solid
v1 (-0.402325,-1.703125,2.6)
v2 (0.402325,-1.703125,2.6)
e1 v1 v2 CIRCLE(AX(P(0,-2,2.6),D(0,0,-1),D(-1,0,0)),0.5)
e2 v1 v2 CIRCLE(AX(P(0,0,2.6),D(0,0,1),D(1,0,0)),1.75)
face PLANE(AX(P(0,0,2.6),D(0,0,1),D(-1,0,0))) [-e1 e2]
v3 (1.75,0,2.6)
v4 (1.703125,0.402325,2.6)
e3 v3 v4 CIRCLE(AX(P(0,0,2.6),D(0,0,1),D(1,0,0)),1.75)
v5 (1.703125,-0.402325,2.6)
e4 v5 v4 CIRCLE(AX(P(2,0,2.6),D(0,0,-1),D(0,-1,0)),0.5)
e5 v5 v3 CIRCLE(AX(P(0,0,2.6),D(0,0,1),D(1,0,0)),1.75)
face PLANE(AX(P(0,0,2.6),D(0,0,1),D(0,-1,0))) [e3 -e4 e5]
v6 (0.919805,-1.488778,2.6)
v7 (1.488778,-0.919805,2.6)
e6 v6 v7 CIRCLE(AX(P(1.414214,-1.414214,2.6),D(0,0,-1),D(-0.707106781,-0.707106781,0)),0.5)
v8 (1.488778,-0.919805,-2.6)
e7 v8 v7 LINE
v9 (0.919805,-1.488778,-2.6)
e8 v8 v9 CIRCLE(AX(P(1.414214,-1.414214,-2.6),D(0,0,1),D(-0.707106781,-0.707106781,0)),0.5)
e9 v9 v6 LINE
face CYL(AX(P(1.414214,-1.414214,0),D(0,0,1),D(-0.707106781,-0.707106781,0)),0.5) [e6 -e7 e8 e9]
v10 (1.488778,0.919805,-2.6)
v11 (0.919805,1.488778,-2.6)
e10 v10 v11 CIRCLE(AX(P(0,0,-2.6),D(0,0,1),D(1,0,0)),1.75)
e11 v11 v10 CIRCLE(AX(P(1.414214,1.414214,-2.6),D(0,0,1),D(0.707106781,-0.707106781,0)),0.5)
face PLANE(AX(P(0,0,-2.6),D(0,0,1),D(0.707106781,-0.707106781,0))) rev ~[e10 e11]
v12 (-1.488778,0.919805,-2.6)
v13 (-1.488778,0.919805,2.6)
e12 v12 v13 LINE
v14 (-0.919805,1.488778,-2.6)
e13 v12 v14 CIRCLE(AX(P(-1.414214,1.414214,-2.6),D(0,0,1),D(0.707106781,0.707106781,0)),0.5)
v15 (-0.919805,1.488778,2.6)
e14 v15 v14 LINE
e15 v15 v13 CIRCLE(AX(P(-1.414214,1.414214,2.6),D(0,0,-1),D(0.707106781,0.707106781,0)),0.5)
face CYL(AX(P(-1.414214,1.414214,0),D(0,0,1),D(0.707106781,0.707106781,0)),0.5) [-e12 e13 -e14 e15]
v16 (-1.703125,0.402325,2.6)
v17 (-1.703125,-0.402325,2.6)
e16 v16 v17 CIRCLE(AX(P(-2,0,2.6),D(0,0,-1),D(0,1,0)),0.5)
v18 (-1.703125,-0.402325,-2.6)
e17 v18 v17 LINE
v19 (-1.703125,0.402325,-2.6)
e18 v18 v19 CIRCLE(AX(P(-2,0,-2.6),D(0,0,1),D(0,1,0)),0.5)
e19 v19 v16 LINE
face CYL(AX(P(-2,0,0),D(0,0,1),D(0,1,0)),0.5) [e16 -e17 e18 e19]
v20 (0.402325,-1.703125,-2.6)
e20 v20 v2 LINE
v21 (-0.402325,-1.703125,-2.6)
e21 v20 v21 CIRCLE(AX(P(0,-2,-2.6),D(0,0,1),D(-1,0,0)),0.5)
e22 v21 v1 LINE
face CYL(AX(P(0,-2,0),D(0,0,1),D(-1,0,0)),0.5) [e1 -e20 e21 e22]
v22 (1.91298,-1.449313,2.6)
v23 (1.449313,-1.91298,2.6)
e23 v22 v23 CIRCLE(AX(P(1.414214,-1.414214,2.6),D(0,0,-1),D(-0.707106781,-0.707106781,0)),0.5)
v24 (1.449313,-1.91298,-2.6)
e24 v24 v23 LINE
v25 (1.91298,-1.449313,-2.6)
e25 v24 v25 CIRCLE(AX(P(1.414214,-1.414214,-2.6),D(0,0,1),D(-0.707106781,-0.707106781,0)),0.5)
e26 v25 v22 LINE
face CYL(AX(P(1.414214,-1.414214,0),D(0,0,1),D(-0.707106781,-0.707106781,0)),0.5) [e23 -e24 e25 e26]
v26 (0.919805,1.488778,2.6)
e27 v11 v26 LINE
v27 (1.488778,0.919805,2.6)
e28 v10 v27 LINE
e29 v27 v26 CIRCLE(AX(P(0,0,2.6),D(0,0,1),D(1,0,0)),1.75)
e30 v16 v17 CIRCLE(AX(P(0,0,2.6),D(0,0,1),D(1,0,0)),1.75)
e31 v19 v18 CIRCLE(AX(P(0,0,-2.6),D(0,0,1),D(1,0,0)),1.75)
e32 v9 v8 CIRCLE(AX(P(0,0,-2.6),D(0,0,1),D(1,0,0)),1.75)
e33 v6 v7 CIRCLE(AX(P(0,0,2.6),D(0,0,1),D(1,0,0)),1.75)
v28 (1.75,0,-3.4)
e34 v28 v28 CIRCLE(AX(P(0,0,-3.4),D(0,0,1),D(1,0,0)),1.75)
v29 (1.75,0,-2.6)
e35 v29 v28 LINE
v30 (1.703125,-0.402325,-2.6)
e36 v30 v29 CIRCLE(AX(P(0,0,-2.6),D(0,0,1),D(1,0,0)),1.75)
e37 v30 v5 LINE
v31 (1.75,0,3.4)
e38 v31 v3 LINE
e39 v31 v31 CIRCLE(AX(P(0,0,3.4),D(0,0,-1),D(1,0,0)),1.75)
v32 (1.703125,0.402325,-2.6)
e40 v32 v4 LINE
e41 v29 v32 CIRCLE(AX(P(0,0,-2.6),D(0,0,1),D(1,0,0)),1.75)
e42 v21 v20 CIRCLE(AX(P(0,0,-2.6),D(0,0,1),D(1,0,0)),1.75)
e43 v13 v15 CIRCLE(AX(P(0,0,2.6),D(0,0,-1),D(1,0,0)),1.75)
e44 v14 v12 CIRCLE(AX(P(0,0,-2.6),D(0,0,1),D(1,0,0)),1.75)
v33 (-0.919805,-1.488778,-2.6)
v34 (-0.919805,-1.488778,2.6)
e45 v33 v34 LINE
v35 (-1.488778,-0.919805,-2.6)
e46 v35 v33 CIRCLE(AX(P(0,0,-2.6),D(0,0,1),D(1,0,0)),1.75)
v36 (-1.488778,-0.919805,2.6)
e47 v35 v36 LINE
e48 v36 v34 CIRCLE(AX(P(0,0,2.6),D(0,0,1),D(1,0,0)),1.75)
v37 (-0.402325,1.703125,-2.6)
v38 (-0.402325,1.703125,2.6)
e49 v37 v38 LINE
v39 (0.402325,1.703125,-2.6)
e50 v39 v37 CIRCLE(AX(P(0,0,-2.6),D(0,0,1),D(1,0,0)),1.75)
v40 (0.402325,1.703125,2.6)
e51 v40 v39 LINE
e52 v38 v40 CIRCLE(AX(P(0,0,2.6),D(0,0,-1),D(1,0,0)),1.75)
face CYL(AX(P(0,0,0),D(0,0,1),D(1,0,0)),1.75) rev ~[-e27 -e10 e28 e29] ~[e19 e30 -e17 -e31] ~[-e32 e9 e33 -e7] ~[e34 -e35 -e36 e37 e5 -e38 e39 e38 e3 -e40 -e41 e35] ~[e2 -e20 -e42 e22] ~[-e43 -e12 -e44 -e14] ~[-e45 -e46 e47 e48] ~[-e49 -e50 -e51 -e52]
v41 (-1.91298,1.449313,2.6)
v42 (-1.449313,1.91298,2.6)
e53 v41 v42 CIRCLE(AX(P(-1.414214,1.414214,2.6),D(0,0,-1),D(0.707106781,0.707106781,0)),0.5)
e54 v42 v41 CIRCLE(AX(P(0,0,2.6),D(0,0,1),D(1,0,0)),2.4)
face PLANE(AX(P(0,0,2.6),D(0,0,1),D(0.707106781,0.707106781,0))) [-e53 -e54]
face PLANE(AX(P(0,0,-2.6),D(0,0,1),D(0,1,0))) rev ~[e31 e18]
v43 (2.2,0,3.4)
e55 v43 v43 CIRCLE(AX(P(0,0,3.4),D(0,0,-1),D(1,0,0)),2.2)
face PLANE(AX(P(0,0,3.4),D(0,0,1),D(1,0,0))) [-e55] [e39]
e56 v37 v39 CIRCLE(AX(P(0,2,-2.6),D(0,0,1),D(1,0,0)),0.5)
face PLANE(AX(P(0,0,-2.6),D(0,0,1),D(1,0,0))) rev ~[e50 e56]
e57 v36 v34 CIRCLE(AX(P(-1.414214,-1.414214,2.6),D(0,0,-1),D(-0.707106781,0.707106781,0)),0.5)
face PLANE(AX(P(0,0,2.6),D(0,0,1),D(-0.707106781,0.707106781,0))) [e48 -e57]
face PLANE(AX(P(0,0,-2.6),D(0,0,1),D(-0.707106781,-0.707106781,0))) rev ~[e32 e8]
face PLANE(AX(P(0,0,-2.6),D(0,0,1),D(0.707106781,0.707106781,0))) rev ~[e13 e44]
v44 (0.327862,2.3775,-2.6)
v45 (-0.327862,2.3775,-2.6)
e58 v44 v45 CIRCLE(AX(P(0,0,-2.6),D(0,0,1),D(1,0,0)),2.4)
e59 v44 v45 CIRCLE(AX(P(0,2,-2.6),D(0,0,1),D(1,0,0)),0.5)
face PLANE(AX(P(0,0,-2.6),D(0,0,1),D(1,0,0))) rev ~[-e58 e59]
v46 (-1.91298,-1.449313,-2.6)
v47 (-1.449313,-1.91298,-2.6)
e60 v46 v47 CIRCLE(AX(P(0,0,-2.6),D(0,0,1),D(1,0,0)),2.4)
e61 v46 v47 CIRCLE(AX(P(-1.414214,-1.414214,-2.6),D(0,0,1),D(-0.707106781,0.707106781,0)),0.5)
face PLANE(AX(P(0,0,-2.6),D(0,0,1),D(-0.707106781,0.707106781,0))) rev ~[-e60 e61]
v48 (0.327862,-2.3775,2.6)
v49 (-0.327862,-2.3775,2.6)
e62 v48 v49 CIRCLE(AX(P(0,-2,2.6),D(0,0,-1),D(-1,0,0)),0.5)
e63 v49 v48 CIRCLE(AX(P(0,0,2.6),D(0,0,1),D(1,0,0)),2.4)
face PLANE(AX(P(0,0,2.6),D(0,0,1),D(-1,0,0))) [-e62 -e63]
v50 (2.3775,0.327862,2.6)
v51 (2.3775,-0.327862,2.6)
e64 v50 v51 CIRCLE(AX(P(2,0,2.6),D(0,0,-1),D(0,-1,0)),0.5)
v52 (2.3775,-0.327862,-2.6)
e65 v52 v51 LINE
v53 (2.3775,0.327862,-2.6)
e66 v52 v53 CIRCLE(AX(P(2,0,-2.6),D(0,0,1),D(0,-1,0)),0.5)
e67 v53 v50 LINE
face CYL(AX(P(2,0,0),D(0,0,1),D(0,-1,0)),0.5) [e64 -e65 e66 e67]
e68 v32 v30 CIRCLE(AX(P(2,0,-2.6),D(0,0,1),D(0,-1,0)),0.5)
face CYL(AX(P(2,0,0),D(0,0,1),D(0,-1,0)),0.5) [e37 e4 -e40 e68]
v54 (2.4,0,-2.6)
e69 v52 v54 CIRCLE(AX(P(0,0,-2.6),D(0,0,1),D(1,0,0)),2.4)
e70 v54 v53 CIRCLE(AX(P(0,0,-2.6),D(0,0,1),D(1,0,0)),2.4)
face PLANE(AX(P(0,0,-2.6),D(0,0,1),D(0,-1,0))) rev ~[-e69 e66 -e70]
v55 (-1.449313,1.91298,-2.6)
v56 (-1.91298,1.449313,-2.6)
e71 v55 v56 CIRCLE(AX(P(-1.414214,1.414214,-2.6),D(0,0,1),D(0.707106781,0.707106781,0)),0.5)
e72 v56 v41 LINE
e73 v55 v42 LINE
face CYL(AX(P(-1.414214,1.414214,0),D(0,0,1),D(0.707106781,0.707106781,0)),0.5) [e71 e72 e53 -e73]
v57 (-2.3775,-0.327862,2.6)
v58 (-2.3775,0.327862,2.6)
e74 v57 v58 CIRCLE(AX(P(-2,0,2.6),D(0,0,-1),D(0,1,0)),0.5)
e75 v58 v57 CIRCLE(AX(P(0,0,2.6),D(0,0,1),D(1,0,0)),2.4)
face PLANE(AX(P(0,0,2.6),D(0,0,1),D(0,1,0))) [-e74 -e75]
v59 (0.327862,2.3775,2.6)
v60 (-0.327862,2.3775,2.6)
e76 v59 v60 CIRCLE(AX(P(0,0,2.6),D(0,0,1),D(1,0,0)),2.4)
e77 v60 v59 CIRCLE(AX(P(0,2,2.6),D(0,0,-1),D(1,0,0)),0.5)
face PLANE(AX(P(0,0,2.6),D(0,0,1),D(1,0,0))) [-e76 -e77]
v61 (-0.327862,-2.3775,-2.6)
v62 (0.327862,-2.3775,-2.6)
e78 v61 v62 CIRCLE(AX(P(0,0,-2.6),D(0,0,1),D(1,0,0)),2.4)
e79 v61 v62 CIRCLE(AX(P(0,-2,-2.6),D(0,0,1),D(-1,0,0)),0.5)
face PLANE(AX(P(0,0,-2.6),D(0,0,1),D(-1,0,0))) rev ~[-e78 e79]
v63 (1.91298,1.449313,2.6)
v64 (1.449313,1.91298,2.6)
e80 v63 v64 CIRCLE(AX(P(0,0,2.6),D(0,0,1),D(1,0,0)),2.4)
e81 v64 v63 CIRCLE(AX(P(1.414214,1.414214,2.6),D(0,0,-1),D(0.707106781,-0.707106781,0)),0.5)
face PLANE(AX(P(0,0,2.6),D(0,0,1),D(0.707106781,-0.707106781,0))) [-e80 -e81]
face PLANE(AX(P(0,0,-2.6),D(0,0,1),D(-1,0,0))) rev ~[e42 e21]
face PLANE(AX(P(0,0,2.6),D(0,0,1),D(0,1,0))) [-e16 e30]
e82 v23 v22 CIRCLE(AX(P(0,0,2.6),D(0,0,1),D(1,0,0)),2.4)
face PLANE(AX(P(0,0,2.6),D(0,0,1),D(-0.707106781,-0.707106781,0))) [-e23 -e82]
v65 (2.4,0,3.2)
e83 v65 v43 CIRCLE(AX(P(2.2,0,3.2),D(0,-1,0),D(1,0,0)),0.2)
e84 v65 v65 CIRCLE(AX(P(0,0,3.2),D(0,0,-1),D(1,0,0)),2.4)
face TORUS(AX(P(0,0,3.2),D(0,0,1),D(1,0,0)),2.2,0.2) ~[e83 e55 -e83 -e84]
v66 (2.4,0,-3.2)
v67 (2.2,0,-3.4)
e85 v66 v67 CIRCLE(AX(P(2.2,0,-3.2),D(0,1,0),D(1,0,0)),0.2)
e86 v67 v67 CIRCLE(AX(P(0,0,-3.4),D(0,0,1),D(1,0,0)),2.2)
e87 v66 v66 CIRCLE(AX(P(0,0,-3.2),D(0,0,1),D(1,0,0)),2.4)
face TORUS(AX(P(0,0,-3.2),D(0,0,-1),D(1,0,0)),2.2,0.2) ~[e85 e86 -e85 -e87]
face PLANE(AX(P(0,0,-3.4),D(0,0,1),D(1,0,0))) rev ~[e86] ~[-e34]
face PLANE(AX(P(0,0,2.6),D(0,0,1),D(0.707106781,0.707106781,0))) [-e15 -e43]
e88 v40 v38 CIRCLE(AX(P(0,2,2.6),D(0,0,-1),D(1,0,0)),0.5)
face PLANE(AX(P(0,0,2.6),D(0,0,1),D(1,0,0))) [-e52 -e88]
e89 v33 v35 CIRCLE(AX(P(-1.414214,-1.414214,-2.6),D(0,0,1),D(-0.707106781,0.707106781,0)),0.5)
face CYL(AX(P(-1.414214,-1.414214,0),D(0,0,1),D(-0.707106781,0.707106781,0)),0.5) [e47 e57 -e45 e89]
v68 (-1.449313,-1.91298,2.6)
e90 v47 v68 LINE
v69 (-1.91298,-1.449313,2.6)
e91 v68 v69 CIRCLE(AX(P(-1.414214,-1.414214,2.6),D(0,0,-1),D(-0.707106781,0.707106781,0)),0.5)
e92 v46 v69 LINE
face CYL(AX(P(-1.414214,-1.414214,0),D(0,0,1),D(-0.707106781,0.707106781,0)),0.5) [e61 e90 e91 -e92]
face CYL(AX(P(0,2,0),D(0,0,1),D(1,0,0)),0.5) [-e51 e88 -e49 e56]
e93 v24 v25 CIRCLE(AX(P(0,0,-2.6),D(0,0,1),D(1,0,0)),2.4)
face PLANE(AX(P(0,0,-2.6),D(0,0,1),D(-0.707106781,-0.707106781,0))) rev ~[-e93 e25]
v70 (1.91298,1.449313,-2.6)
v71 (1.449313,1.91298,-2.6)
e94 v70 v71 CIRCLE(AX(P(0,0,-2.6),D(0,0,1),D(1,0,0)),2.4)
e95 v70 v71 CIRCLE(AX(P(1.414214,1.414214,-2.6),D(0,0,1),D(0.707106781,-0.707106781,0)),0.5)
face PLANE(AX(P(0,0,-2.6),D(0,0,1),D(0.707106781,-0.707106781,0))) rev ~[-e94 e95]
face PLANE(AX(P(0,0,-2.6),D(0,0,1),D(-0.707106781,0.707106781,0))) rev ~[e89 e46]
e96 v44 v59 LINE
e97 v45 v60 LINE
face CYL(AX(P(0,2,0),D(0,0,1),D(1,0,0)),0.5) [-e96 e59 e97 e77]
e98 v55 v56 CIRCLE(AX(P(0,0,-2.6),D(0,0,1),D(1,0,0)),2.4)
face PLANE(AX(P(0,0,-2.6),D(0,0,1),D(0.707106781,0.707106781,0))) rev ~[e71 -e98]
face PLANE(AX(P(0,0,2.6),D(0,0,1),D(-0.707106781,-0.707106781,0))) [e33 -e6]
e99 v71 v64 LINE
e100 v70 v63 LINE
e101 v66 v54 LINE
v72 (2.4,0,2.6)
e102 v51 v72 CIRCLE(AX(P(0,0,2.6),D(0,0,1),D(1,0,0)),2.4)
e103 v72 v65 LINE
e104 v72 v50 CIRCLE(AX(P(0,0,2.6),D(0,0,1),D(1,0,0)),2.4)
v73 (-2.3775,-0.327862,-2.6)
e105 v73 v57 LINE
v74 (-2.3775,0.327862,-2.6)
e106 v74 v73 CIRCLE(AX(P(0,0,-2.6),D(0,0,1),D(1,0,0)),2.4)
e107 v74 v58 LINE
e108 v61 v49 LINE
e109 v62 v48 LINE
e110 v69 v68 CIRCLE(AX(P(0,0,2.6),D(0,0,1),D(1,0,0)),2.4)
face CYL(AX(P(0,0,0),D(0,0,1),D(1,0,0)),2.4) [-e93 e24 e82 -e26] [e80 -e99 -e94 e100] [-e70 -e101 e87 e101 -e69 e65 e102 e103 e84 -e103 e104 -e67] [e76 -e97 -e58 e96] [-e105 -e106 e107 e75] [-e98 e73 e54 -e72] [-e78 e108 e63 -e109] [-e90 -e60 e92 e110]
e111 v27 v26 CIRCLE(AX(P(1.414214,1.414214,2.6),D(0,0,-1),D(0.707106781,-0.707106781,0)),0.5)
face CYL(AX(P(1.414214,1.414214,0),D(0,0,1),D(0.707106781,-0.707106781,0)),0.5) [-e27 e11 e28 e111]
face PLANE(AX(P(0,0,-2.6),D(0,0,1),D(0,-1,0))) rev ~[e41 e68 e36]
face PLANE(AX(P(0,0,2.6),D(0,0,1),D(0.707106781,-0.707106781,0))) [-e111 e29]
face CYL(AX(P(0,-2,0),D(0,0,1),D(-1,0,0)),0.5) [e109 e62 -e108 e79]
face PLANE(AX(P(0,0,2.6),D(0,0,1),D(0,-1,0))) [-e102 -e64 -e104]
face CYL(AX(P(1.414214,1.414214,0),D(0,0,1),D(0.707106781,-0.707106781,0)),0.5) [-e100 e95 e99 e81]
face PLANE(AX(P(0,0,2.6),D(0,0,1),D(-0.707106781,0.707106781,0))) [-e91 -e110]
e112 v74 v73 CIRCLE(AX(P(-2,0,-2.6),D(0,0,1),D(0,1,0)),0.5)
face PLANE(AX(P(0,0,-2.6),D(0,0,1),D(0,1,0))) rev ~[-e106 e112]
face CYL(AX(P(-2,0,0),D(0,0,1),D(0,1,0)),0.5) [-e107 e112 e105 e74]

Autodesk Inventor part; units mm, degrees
ref_plane "YZ Plane" through (0, 0, 0) normal (1, 0, 0) x (0, 1, 0)
ref_plane "XZ Plane" through (0, 0, 0) normal (0, 1, 0) x (-1, 0, 0)
ref_plane "XY Plane" through (0, 0, 0) normal (0, 0, 1) x (1, 0, 0)
sketch "Эскиз1" plane through (0, 0, 0) normal (0, 0, 1) x (1, 0, 0)
  circle A0 centre (0, 0) radius 2.4
  circle A1 centre (0, 0) radius 1.75
  circle A2 centre (0, 0) radius 1.5
  circle A3 centre (0, 0) radius 2.5
  line L0 (0, 0) -> (0, 4) construction
  circle A4 centre (0, 2) radius 0.5
  dimension "d0" = 4.8
  dimension "d1" = 3.5
  dimension "d2" = 3
  dimension "d3" = 5
extrude "Выдавливание1" add sketch "Эскиз1" along normal mid plane 6.8 contours A0 A4 A1 | A4 A1 A0
extrude "Выдавливание2" add sketch "Эскиз1" along normal mid plane 5.2 contours A4 A1 A0 | A0 A4 | A1 A4 picked at (-0.2377, 2.1059) picked at (0, 1.6632)
pattern_circular "Круговой массив1" count 8 over 360 about axis through (0, 0, 0) along (0, 0, 1) of "Выдавливание2"
fillet "Сопряжение1" radius 0.2 2 edges at (-2.4, 0, 3.4) (-2.4, 0, -3.4)
properties part number "роликовый подшипник"
